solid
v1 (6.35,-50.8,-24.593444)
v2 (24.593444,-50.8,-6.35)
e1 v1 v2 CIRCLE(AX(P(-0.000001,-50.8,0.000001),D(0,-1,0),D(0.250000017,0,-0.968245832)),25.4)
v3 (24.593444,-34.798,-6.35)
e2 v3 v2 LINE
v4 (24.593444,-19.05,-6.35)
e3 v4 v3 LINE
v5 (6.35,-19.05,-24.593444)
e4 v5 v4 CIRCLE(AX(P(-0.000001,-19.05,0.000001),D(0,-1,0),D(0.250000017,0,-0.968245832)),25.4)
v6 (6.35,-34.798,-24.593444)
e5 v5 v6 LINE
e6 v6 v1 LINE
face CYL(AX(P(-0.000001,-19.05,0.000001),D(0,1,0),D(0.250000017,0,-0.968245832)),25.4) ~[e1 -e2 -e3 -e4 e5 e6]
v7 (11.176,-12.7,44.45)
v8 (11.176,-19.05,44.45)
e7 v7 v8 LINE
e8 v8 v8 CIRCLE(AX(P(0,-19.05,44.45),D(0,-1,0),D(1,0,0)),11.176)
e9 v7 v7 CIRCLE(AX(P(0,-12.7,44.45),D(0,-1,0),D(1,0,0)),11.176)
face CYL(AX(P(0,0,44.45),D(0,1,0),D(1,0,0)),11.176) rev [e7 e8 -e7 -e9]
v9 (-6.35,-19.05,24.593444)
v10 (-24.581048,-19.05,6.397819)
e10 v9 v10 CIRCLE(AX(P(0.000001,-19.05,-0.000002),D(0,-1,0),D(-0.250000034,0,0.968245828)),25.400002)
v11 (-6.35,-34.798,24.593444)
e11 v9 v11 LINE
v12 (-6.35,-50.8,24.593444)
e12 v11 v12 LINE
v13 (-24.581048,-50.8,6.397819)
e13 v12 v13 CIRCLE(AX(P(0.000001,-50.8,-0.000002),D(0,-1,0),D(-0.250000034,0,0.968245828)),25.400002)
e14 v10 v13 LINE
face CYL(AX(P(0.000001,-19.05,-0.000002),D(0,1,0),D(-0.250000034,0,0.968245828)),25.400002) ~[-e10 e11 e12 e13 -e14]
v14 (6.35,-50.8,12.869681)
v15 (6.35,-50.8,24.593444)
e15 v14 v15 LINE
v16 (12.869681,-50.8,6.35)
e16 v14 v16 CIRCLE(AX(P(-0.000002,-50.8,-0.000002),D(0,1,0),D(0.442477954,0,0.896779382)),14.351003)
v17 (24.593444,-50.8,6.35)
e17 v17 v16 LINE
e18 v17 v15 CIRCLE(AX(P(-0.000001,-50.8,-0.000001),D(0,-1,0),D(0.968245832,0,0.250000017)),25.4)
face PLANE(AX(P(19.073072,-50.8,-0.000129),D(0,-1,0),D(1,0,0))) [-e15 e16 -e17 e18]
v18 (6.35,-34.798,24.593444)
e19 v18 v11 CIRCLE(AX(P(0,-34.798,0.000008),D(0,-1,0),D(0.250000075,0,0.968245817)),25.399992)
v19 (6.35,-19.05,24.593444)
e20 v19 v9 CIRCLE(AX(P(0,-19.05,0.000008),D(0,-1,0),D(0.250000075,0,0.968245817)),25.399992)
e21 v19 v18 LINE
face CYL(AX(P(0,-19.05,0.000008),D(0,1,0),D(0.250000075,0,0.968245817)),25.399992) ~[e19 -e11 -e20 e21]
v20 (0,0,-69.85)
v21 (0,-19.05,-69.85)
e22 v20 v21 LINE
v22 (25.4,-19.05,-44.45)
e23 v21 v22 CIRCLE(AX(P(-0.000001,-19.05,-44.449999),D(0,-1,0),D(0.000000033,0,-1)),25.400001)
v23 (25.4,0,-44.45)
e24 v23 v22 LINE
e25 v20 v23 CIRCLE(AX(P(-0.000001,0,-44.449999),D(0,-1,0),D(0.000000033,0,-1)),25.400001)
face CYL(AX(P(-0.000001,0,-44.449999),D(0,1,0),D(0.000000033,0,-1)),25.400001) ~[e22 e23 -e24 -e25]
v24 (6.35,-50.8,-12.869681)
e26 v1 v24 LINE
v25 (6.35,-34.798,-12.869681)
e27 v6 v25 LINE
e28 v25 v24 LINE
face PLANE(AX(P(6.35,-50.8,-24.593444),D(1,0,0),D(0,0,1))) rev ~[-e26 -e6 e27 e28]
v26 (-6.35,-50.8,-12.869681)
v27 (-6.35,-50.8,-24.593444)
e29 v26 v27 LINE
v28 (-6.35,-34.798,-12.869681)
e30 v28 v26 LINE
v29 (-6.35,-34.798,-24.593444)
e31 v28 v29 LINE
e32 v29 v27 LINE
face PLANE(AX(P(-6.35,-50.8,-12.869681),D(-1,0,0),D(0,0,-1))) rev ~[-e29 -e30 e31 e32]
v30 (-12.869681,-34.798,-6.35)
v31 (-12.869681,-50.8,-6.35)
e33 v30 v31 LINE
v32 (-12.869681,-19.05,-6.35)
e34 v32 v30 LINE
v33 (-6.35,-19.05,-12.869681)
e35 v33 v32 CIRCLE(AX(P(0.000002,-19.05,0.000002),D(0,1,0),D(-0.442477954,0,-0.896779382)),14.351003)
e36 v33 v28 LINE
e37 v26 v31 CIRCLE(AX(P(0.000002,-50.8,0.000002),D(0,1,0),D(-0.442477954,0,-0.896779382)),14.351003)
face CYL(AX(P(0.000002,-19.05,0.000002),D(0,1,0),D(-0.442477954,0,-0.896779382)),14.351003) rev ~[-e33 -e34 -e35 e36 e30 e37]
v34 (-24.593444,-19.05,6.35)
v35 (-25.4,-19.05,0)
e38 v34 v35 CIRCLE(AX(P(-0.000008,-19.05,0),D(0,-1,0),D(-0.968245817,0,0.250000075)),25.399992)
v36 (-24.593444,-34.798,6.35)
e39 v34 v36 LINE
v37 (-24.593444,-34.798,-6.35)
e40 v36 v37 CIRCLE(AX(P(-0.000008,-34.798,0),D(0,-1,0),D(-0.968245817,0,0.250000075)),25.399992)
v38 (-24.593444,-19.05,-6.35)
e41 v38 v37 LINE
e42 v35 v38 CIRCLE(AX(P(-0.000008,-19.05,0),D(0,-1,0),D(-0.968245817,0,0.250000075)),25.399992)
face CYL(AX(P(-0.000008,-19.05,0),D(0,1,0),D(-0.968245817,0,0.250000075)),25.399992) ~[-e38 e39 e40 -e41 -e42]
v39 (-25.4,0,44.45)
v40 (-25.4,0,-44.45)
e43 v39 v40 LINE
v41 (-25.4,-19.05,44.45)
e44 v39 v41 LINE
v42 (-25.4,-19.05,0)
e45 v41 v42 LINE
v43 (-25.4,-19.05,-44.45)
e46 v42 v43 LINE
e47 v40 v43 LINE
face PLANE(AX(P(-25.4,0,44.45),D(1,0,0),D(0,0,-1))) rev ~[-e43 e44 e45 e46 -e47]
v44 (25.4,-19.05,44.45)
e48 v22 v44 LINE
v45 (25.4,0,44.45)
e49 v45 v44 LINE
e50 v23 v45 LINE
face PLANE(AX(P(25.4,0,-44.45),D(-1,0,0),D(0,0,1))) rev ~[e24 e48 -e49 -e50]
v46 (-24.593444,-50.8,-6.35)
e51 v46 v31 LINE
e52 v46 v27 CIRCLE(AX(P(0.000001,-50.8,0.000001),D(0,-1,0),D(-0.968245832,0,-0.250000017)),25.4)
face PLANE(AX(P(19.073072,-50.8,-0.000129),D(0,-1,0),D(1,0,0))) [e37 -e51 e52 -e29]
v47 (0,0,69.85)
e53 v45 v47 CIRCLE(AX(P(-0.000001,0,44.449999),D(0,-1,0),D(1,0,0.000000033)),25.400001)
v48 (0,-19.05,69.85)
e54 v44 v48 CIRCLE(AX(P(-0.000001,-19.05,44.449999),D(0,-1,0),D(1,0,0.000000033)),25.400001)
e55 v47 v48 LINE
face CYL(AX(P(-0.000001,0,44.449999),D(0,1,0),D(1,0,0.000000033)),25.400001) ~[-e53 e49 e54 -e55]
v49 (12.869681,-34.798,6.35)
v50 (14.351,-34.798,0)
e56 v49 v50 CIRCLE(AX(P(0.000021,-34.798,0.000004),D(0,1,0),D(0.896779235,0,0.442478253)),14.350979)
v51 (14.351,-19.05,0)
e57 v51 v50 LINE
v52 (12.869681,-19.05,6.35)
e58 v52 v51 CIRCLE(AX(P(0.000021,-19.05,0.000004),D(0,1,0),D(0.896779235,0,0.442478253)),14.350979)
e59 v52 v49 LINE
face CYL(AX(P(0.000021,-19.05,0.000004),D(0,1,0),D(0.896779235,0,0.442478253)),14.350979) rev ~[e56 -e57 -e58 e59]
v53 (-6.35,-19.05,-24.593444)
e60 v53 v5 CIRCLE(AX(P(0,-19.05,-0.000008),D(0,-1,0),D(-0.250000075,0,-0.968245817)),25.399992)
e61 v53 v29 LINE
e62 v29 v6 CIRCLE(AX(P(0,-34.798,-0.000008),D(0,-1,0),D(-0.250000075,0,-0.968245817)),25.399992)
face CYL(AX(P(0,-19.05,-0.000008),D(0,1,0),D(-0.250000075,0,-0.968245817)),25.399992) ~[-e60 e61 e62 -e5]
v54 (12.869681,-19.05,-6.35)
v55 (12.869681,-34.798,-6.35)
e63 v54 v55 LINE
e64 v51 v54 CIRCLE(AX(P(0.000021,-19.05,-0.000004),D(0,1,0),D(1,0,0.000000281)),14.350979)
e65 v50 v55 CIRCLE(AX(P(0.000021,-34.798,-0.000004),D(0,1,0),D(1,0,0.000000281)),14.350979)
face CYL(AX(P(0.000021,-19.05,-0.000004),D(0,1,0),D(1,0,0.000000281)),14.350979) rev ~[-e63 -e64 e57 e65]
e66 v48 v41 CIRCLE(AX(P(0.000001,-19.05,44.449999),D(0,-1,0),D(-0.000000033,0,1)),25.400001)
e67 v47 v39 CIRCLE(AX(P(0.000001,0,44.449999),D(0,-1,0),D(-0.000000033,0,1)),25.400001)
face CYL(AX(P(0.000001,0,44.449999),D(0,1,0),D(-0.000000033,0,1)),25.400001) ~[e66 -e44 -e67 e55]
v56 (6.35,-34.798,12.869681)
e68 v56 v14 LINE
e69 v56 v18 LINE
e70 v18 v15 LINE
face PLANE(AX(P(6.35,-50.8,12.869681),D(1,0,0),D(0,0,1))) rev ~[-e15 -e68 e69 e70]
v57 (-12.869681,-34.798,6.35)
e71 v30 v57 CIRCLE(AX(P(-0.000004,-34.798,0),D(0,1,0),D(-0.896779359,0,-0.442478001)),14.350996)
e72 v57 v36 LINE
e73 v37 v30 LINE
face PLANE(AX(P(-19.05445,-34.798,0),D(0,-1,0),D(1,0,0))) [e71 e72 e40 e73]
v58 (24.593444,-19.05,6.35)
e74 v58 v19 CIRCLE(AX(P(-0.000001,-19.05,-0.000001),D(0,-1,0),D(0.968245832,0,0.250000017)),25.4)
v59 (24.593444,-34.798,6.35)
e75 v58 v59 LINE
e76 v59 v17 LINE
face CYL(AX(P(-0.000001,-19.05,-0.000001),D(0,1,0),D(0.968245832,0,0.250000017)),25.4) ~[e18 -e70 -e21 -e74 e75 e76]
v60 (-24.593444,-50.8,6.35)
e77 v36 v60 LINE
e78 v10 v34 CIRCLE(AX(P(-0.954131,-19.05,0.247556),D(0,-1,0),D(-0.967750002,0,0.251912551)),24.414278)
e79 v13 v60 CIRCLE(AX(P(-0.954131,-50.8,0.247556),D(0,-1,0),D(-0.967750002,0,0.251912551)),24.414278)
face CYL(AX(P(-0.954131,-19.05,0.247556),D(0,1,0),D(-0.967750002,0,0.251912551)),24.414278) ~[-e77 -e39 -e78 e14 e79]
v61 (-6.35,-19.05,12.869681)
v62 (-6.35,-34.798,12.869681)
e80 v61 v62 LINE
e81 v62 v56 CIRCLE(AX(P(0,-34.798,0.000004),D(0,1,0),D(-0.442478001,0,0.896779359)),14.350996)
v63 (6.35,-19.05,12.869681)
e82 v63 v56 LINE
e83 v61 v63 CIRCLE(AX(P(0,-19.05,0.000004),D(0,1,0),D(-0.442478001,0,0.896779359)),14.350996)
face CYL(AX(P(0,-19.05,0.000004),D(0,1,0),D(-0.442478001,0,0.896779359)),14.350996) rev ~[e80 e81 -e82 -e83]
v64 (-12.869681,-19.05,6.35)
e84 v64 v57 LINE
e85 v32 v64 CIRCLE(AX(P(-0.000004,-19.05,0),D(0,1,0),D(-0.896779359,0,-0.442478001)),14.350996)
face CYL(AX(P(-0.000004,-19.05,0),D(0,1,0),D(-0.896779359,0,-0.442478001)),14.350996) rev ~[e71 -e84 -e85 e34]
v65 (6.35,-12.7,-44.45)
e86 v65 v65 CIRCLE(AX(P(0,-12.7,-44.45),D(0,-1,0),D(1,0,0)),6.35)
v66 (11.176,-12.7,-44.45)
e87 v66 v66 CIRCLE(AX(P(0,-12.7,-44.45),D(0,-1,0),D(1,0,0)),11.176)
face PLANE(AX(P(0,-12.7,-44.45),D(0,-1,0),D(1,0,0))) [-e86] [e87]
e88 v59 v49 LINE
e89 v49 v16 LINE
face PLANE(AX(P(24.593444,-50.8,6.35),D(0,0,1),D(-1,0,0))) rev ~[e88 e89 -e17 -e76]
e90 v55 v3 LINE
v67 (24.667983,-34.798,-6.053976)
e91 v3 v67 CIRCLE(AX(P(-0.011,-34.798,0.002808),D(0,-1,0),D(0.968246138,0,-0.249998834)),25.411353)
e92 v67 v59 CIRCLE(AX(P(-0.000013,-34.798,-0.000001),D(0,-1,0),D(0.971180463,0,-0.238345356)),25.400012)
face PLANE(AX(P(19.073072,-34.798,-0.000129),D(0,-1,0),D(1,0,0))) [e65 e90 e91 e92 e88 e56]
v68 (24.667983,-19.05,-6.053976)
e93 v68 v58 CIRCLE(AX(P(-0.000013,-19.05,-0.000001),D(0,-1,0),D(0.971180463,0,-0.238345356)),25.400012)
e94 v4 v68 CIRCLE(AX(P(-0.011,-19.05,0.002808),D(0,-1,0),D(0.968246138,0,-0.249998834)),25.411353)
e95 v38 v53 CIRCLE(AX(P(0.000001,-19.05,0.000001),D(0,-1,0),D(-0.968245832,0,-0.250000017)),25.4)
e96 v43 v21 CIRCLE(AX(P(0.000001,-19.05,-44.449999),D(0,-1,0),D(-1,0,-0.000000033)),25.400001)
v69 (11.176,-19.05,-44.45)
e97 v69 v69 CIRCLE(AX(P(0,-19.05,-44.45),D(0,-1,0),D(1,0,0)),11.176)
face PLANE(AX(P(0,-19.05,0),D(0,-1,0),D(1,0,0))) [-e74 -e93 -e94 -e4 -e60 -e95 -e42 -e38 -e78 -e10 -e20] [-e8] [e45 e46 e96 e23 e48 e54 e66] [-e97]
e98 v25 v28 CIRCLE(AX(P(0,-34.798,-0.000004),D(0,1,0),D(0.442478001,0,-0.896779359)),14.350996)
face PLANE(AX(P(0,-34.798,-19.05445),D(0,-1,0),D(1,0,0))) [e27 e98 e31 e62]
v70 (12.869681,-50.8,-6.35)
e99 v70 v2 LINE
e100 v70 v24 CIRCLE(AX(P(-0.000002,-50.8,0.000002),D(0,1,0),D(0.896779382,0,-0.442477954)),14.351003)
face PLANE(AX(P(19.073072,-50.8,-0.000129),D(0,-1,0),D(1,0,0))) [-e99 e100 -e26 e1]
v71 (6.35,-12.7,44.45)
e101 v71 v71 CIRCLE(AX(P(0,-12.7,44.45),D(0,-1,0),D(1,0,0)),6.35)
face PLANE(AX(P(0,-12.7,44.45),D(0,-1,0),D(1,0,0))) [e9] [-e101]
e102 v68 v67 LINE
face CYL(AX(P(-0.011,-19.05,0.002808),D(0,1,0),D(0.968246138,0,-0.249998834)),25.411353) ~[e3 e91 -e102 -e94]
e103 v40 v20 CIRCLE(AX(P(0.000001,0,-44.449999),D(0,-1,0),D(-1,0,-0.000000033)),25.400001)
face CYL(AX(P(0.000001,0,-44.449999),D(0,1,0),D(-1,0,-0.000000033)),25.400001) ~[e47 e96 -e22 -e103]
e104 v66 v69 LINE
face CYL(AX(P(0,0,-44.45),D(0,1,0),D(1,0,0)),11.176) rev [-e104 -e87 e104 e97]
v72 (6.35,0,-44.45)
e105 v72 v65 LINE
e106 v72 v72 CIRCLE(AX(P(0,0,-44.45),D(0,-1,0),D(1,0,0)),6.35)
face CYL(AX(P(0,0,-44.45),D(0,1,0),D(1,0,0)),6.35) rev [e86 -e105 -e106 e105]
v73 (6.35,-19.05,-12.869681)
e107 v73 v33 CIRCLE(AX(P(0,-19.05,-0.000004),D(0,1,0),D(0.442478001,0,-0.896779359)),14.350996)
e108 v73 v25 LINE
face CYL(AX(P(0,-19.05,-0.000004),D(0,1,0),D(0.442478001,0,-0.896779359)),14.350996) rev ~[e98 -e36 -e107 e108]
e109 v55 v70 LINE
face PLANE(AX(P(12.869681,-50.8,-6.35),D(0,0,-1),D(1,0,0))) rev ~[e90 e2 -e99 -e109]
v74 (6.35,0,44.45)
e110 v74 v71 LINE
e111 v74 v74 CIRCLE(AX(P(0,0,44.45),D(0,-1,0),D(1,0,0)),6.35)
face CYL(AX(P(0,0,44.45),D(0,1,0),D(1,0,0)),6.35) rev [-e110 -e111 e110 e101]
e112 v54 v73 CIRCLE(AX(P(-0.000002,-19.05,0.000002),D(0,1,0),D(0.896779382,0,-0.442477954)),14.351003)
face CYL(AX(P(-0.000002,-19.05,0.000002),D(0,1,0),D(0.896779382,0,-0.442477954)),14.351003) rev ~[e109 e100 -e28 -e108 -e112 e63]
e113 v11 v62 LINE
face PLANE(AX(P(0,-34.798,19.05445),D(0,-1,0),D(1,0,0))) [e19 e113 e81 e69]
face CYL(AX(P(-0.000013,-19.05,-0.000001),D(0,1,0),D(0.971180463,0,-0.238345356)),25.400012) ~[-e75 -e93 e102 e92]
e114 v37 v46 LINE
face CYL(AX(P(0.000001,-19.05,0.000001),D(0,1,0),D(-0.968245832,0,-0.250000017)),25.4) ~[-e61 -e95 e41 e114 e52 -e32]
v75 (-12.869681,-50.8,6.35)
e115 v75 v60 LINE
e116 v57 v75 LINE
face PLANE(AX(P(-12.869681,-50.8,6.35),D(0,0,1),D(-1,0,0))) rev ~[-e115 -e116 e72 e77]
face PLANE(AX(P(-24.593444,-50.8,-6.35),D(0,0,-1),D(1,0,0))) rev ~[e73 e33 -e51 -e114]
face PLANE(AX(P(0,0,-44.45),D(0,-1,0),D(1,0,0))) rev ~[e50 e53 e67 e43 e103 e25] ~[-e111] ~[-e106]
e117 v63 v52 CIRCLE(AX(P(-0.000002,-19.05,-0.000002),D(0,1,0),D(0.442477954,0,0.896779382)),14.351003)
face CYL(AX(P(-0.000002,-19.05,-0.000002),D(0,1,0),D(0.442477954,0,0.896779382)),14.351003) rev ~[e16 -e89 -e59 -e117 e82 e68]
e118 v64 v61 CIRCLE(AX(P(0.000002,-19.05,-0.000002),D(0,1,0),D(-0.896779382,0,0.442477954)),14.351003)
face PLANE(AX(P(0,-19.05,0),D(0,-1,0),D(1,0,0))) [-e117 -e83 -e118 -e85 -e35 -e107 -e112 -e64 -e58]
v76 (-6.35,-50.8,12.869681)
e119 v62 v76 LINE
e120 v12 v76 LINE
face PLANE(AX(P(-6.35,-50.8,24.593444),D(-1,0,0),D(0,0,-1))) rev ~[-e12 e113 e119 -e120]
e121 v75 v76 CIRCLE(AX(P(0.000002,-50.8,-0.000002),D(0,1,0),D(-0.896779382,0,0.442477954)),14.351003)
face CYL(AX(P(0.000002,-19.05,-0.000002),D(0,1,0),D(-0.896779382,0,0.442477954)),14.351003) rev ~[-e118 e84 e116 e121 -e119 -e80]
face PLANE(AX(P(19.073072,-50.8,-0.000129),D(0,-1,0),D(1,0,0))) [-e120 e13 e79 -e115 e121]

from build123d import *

# Parameters (mm, degrees)
F0_R     = 11.176
F1_DEPTH = 19.05
F0_R_2   = 6.35
F2_DEPTH = 12.7
F4_DEPTH = 31.75
F6_DEPTH = 16.002


with BuildPart() as f1:
    # F0 (on Front) → F1 (new body)
    with BuildSketch(Plane.XZ):
        with BuildLine():
            ThreePointArc((-25.4, -44.45), (-17.960512, -62.410512), (0, -69.85))
            ThreePointArc((0, -69.85), (17.960512, -62.410512), (25.4, -44.45))
            Line((25.4, -44.45), (25.4, 44.45))
            ThreePointArc((25.4, 44.45), (17.960512, 62.410512), (0, 69.85))
            ThreePointArc((0, 69.85), (-17.960512, 62.410512), (-25.4, 44.45))
            Line((-25.4, 44.45), (-25.4, -44.45))
        make_face()
        with Locations((0, -44.45)):
            Circle(F0_R, mode=Mode.SUBTRACT)
        with Locations((0, 44.45)):
            Circle(F0_R, mode=Mode.SUBTRACT)
    extrude(amount=F1_DEPTH)

    # F0 (on Front) → F2 (join)
    with BuildSketch(Plane.XZ):
        with Locations((0, -44.45)):
            Circle(F0_R)
        with Locations((0, -44.45)):
            Circle(F0_R_2, mode=Mode.SUBTRACT)
        with Locations((0, 44.45)):
            Circle(F0_R)
        with Locations((0, 44.45)):
            Circle(F0_R_2, mode=Mode.SUBTRACT)
    extrude(amount=F2_DEPTH)

    # F3 (on face) → F4 (join)
    with BuildSketch(Plane.XZ.offset(19.05)):
        with BuildLine():
            ThreePointArc((12.869681, 6.35), (13.975765, 3.260246), (14.351, 0))
            ThreePointArc((14.351, 0), (13.975765, -3.260246), (12.869681, -6.35))
            Line((12.869681, -6.35), (24.593444, -6.35))
            ThreePointArc((24.593444, -6.35), (24.631158, -6.2021), (24.667983, -6.053976))
            ThreePointArc((24.667983, -6.053976), (25.399541, 0.152632), (24.593444, 6.35))
            Line((24.593444, 6.35), (12.869681, 6.35))
        make_face()
        with BuildLine():
            ThreePointArc((6.35, 12.869681), (10.147689, 10.147689), (12.869681, 6.35))
            Line((12.869681, 6.35), (24.593444, 6.35))
            ThreePointArc((24.593444, 6.35), (17.960512, 17.960512), (6.35, 24.593444))
            Line((6.35, 24.593444), (6.35, 12.869681))
        make_face()
        with BuildLine():
            Line((24.593444, -6.35), (12.869681, -6.35))
            ThreePointArc((12.869681, -6.35), (10.147689, -10.147689), (6.35, -12.869681))
            Line((6.35, -12.869681), (6.35, -24.593444))
            ThreePointArc((6.35, -24.593444), (17.960512, -17.960512), (24.593444, -6.35))
        make_face()
        with BuildLine():
            ThreePointArc((-6.35, 12.869681), (0, 14.351), (6.35, 12.869681))
            Line((6.35, 12.869681), (6.35, 24.593444))
            ThreePointArc((6.35, 24.593444), (0, 25.4), (-6.35, 24.593444))
            Line((-6.35, 24.593444), (-6.35, 12.869681))
        make_face()
        with BuildLine():
            Line((6.35, -24.593444), (6.35, -12.869681))
            ThreePointArc((6.35, -12.869681), (0, -14.351), (-6.35, -12.869681))
            Line((-6.35, -12.869681), (-6.35, -24.593444))
            ThreePointArc((-6.35, -24.593444), (0, -25.4), (6.35, -24.593444))
        make_face()
        with BuildLine():
            ThreePointArc((-12.869681, 6.35), (-10.147689, 10.147689), (-6.35, 12.869681))
            Line((-6.35, 12.869681), (-6.35, 24.593444))
            ThreePointArc((-6.35, 24.593444), (-17.943038, 17.977969), (-24.581048, 6.397819))
            ThreePointArc((-24.581048, 6.397819), (-24.587258, 6.373913), (-24.593444, 6.35))
            Line((-24.593444, 6.35), (-12.869681, 6.35))
        make_face()
        with BuildLine():
            Line((-6.35, -24.593444), (-6.35, -12.869681))
            ThreePointArc((-6.35, -12.869681), (-10.147689, -10.147689), (-12.869681, -6.35))
            Line((-12.869681, -6.35), (-24.593444, -6.35))
            ThreePointArc((-24.593444, -6.35), (-17.960512, -17.960512), (-6.35, -24.593444))
        make_face()
        with BuildLine():
            ThreePointArc((-12.869681, -6.35), (-14.351, 0), (-12.869681, 6.35))
            Line((-12.869681, 6.35), (-24.593444, 6.35))
            ThreePointArc((-24.593444, 6.35), (-25.4, 0), (-24.593444, -6.35))
            Line((-24.593444, -6.35), (-12.869681, -6.35))
        make_face()
    extrude(amount=F4_DEPTH)

    # F5 (on face) → F6 (cut)
    with BuildSketch(Plane.XZ.offset(50.8)):
        with BuildLine():
            ThreePointArc((24.667983, -6.053976), (25.399541, 0.152632), (24.593444, 6.35))
            Line((24.593444, 6.35), (12.869681, 6.35))
            ThreePointArc((12.869681, 6.35), (13.975765, 3.260246), (14.351, 0))
            ThreePointArc((14.351, 0), (13.975765, -3.260246), (12.869681, -6.35))
            Line((12.869681, -6.35), (24.593444, -6.35))
            ThreePointArc((24.593444, -6.35), (24.631158, -6.2021), (24.667983, -6.053976))
        make_face()
        with BuildLine():
            ThreePointArc((-12.869681, -6.35), (-14.351, 0), (-12.869681, 6.35))
            Line((-12.869681, 6.35), (-24.593444, 6.35))
            ThreePointArc((-24.593444, 6.35), (-25.4, 0), (-24.593444, -6.35))
            Line((-24.593444, -6.35), (-12.869681, -6.35))
        make_face()
        with BuildLine():
            ThreePointArc((6.35, -12.869681), (0, -14.351), (-6.35, -12.869681))
            Line((-6.35, -12.869681), (-6.35, -24.593444))
            ThreePointArc((-6.35, -24.593444), (0, -25.4), (6.35, -24.593444))
            Line((6.35, -24.593444), (6.35, -12.869681))
        make_face()
        with BuildLine():
            ThreePointArc((6.35, 24.593444), (0, 25.4), (-6.35, 24.593444))
            Line((-6.35, 24.593444), (-6.35, 12.869681))
            ThreePointArc((-6.35, 12.869681), (0, 14.351), (6.35, 12.869681))
            Line((6.35, 12.869681), (6.35, 24.593444))
        make_face()
    extrude(amount=-F6_DEPTH, mode=Mode.SUBTRACT)


solid = f1.part
